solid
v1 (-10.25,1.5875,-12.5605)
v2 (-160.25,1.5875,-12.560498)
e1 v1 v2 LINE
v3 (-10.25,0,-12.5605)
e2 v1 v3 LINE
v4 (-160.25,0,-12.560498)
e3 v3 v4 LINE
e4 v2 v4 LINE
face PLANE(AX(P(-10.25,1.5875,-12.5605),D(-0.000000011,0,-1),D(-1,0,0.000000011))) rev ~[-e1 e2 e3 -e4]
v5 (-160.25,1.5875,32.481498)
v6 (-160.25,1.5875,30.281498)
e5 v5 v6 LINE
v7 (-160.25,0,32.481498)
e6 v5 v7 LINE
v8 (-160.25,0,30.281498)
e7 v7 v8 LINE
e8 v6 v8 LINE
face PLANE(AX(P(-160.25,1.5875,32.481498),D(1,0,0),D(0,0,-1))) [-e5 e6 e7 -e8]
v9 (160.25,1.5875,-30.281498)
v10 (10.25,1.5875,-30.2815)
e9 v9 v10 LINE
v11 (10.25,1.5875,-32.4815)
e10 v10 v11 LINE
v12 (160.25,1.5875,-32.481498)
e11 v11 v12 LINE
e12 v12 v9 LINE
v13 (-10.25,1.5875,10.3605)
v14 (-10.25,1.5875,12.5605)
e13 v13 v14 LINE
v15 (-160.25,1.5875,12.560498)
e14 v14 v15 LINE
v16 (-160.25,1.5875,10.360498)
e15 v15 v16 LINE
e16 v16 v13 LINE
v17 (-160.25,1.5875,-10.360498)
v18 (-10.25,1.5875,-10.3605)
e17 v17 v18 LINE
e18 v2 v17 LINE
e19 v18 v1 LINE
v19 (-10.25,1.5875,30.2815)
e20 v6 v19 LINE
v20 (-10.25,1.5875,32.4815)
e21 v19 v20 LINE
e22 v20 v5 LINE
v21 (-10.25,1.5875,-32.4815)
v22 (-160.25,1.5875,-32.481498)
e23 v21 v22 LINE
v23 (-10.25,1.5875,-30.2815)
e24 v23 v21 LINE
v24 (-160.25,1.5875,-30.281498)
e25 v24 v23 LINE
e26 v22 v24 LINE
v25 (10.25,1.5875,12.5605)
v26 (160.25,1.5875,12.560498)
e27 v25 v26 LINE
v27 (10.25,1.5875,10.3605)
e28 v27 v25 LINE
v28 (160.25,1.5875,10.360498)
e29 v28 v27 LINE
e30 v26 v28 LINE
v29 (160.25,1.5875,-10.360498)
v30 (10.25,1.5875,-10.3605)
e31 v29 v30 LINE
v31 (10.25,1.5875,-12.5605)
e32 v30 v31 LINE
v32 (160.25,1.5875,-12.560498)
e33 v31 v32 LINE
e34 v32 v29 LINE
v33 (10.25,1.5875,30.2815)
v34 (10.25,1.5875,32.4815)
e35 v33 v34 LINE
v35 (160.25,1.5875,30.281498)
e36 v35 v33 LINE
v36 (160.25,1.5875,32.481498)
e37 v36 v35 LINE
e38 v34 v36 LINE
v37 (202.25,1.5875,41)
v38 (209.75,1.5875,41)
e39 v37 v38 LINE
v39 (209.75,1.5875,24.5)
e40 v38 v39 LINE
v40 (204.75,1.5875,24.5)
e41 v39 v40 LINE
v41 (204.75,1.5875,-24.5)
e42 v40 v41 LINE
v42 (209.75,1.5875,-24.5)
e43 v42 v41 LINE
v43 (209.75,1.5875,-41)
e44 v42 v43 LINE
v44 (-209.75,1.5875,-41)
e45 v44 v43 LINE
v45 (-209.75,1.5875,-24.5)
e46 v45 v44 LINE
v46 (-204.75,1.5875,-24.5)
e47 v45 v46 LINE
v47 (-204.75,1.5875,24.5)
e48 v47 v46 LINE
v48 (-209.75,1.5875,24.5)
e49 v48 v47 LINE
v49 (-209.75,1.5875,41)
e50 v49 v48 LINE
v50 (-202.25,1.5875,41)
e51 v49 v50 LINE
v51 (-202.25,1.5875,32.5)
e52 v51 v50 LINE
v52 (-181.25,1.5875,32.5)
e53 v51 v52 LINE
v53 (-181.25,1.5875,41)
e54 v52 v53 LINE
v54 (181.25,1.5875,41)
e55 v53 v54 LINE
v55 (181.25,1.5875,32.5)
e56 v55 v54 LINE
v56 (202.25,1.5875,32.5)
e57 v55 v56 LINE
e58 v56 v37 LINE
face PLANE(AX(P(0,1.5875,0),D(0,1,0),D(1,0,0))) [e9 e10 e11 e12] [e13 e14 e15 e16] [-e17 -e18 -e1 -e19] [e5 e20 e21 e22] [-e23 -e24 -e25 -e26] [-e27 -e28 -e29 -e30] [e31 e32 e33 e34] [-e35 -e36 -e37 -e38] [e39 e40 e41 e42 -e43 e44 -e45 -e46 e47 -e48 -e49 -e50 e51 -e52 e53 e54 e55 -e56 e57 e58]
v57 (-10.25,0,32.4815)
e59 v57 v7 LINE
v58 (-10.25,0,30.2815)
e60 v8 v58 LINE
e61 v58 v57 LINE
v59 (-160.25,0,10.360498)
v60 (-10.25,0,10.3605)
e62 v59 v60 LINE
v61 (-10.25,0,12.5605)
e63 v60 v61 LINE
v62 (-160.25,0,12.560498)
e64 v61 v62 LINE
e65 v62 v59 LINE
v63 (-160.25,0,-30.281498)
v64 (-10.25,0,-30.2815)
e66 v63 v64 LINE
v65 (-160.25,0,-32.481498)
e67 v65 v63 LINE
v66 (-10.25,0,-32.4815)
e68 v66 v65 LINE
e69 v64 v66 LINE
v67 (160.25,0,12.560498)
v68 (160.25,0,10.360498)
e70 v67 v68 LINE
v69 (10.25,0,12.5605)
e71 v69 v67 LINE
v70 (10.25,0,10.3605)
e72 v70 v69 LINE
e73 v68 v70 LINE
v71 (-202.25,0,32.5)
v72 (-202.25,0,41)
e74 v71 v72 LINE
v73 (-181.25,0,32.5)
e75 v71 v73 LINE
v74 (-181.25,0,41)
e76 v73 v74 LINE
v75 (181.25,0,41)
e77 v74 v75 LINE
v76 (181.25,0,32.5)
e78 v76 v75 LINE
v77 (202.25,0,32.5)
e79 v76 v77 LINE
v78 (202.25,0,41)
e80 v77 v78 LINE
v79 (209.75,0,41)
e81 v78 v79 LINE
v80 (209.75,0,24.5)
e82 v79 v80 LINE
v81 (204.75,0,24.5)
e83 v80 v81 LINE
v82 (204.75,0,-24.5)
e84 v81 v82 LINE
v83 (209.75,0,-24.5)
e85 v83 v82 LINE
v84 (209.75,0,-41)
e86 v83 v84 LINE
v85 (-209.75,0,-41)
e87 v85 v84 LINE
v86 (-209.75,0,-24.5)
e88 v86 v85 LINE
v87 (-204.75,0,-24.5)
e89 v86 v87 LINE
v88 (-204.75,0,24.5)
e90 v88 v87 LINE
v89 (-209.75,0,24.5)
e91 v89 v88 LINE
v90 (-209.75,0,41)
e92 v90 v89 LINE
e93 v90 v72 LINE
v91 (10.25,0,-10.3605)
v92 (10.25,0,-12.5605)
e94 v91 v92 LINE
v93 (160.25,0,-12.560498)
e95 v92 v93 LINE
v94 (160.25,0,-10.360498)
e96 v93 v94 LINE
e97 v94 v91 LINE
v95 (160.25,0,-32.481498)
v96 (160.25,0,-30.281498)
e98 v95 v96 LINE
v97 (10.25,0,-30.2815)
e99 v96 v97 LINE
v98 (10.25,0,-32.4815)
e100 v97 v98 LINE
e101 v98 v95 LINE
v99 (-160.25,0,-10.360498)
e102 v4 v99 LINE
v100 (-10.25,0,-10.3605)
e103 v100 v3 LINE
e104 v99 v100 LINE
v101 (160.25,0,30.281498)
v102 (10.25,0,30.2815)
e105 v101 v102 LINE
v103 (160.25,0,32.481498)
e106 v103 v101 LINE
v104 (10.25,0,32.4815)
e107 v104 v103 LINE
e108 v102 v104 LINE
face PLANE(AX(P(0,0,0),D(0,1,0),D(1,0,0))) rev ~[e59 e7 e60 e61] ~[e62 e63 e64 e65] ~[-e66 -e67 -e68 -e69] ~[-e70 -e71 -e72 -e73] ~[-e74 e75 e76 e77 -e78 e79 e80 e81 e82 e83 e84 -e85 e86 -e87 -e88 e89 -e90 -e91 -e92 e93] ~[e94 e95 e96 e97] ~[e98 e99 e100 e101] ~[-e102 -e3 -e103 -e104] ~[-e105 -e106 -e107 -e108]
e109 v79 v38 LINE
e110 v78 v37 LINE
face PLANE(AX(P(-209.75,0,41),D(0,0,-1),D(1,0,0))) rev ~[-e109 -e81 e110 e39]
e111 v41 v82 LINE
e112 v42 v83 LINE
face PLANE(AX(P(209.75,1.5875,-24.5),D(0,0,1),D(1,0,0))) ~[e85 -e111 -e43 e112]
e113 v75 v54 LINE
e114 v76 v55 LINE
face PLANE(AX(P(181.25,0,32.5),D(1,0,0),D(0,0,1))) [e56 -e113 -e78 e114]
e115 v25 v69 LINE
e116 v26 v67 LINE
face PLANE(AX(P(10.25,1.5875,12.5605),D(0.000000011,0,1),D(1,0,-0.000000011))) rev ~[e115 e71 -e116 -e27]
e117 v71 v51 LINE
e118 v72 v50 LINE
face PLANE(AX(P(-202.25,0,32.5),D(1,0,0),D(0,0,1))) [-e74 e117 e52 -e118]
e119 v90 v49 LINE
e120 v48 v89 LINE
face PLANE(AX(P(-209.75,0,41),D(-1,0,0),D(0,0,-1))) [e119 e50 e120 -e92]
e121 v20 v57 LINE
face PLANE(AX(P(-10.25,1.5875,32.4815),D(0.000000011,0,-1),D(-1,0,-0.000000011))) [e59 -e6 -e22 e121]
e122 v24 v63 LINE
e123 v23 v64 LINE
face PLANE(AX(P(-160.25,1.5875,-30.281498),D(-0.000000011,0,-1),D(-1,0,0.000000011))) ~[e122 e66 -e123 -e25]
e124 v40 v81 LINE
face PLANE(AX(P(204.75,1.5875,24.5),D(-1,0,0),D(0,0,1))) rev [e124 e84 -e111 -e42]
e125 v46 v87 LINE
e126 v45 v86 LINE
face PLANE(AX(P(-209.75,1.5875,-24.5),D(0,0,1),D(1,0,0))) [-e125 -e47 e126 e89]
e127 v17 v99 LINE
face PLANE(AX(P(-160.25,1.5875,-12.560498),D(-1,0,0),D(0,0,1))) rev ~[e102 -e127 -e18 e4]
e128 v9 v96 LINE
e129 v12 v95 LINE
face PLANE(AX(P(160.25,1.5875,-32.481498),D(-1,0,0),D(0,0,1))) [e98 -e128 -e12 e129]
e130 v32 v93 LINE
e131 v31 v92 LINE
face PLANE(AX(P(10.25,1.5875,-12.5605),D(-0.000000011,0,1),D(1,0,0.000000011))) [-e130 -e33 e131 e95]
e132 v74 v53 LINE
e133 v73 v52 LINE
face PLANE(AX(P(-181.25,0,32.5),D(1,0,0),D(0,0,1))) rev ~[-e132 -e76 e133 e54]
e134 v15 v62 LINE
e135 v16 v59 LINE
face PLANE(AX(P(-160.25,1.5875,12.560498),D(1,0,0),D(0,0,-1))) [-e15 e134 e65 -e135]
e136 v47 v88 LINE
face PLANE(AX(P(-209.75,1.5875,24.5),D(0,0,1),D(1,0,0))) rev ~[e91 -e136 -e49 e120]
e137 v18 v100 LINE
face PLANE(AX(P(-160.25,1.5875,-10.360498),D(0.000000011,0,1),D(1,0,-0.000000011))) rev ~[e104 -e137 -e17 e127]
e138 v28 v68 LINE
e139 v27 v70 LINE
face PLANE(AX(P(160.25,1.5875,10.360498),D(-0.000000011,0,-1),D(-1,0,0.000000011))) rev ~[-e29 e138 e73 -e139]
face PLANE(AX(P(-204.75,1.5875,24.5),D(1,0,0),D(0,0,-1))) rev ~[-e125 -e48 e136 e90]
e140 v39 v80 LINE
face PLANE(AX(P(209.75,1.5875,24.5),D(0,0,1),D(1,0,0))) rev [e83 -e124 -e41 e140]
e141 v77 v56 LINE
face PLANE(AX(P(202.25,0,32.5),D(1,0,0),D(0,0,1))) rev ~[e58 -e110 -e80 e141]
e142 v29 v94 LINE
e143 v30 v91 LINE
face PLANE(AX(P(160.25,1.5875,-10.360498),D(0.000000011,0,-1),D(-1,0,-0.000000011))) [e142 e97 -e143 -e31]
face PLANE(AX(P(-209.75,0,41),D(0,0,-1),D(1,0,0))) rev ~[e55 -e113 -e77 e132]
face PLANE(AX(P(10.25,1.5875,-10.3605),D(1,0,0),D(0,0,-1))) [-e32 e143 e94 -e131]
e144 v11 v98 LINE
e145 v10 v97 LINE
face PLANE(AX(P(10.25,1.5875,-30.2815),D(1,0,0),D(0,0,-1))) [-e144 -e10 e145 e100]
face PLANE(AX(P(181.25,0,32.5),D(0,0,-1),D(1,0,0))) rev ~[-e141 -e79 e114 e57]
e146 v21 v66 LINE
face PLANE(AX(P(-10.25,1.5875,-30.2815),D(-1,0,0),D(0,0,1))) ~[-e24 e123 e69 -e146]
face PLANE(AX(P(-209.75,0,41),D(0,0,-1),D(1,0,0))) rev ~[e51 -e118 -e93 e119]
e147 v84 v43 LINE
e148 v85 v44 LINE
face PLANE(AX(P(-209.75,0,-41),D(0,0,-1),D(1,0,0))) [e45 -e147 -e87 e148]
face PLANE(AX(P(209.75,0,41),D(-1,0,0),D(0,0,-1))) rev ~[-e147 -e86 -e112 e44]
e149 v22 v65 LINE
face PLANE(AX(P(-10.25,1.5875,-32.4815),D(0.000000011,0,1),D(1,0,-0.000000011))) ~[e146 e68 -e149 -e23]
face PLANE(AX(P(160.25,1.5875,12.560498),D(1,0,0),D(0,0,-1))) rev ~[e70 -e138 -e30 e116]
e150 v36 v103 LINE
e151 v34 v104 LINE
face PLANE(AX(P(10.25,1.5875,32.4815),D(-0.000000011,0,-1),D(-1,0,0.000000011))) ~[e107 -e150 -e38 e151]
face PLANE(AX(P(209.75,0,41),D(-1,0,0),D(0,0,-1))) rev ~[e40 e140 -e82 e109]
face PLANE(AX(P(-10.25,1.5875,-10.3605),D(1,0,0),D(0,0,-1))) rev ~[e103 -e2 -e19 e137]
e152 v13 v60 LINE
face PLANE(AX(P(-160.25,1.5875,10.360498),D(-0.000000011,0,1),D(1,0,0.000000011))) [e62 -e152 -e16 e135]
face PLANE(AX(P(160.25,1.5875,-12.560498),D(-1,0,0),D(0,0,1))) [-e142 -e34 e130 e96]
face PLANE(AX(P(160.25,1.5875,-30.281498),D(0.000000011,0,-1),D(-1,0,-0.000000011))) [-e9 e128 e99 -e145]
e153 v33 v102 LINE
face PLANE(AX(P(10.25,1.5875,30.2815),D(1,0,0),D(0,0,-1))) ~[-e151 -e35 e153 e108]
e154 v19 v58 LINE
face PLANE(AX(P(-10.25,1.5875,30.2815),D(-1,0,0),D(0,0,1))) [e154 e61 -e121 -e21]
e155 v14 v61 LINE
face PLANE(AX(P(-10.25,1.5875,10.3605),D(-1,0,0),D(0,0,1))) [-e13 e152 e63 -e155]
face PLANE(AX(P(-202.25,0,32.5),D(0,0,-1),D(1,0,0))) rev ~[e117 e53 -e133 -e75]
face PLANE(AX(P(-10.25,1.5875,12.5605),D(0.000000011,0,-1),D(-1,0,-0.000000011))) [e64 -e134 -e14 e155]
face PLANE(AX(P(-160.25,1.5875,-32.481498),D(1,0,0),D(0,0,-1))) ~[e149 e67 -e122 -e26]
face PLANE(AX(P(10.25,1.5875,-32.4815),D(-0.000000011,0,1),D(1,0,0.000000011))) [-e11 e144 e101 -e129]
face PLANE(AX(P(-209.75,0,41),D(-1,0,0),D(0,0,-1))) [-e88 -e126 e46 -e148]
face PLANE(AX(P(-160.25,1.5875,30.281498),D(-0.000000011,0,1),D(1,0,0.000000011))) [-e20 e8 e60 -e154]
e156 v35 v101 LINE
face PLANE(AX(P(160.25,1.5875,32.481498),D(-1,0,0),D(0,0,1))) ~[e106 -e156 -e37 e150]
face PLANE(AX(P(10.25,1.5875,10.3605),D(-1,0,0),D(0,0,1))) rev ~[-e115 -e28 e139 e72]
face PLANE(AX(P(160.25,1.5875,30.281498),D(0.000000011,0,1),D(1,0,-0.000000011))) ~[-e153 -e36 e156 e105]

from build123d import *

# Parameters (mm, degrees)
ESQUISSE1_W                = 419.5
ESQUISSE1_H                = 82
BOSS_EXTRU_1_DEPTH         = 1.5875
ESQUISSE2_W                = 5
ESQUISSE2_H                = 49
ENL_V_MAT_EXTRU_1_DEPTH    = 214.72548434
ENL_V_MAT_EXTRU_2_DEPTH    = 214.72548434
R_P_TITION_LIN_AIRE1_COUNT = 2
R_P_TITION_LIN_AIRE1_PITCH = 19.921
SYM_TRIE5_COPY_1_DEPTH     = 214.72548434
ENL_V_MAT_EXTRU_3_REACH    = 215.725
ESQUISSE5_W                = 21
ESQUISSE5_H                = 8.5
SYM_TRIE6_COPY_1_DEPTH     = 214.72548434
SYM_TRIE6_COPY_2_DEPTH     = 214.72548434
SYM_TRIE6_COPY_3_DEPTH     = 214.72548434


with BuildPart() as part:
    # Esquisse1 → Boss.-Extru.1 (new body)
    with BuildSketch(Plane(origin=(0, 0, 0), x_dir=(1, 0, 0), z_dir=(0, 1, 0))):
        Rectangle(ESQUISSE1_W, ESQUISSE1_H)
    extrude(amount=BOSS_EXTRU_1_DEPTH)

    # Esquisse2 → Enlèv. mat.-Extru.1 (cut, through all)
    with BuildSketch(Plane(origin=(0, 1.5875, 0), x_dir=(1, 0, 0), z_dir=(0, 1, 0))):
        with Locations((-207.25, 0)):
            Rectangle(ESQUISSE2_W, ESQUISSE2_H)
    enl_v_mat_extru_1 = extrude(amount=-ENL_V_MAT_EXTRU_1_DEPTH, mode=Mode.SUBTRACT)

    # Symétrie1: Enlèv. mat.-Extru.1 across plane
    add(enl_v_mat_extru_1.mirror(Plane(origin=(0, 0, 0), x_dir=(0, 0, 1), z_dir=(1, 0, 0))), mode=Mode.SUBTRACT)

    # Esquisse3 → Enlèv. mat.-Extru.2 (cut, through all)
    with BuildSketch(Plane(origin=(0, 1.5875, 0), x_dir=(1, 0, 0), z_dir=(0, 1, 0))):
        Polygon((10.25, 32.4815), (160.25, 32.481498288), (160.25, 30.281498288), (10.25, 30.2815), align=None)
    enl_v_mat_extru_2 = extrude(amount=-ENL_V_MAT_EXTRU_2_DEPTH, mode=Mode.SUBTRACT)

    # Répétition linéaire1: Enlèv. mat.-Extru.2 ×2
    with Locations(*[(0, 0, i * R_P_TITION_LIN_AIRE1_PITCH) for i in range(1, R_P_TITION_LIN_AIRE1_COUNT)]):
        add(enl_v_mat_extru_2, mode=Mode.SUBTRACT)

    # Symétrie5: Enlèv. mat.-Extru.2 across plane
    add(enl_v_mat_extru_2.mirror(Plane(origin=(0, 0, 0), x_dir=(0, 0, 1), z_dir=(1, 0, 0))), mode=Mode.SUBTRACT)

    # Symétrie5 copy 1 sketch → Symétrie5 copy 1 (cut, through all)
    with BuildSketch(Plane(origin=(0, 1.5875, 19.921), x_dir=(-1, 0, 0), z_dir=(0, 1, 0))):
        Polygon((10.25, -32.4815), (160.25, -32.481498288), (160.25, -30.281498288), (10.25, -30.2815), align=None)
    extrude(amount=-SYM_TRIE5_COPY_1_DEPTH, mode=Mode.SUBTRACT)

    # Esquisse5 → Enlèv. mat.-Extru.3 (cut, up to next)
    with BuildSketch(Plane.XZ, mode=Mode.PRIVATE) as enl_v_mat_extru_3_sk1:
        with Locations((191.75, 36.75)):
            Rectangle(ESQUISSE5_W, ESQUISSE5_H)
    enl_v_mat_extru_3_tool1 = extrude(enl_v_mat_extru_3_sk1.sketch, amount=-ENL_V_MAT_EXTRU_3_REACH, mode=Mode.PRIVATE) & part.part
    # Esquisse5 → Enlèv. mat.-Extru.3 (cut, up to next)
    with BuildSketch(Plane.XZ, mode=Mode.PRIVATE) as enl_v_mat_extru_3_sk2:
        with Locations((-191.75, 36.75)):
            Rectangle(ESQUISSE5_W, ESQUISSE5_H)
    enl_v_mat_extru_3_tool2 = extrude(enl_v_mat_extru_3_sk2.sketch, amount=-ENL_V_MAT_EXTRU_3_REACH, mode=Mode.PRIVATE) & part.part
    add(enl_v_mat_extru_3_tool1.solids().sort_by_distance((191.75, 0, 36.75))[0], mode=Mode.SUBTRACT)
    add(enl_v_mat_extru_3_tool2.solids().sort_by_distance((-191.75, 0, 36.75))[0], mode=Mode.SUBTRACT)

    # Symétrie6: Enlèv. mat.-Extru.2 across plane
    add(enl_v_mat_extru_2.mirror(Plane.XY), mode=Mode.SUBTRACT)

    # Symétrie6 copy 1 sketch → Symétrie6 copy 1 (cut, through all)
    with BuildSketch(Plane(origin=(0, 1.5875, -19.921), x_dir=(1, 0, 0), z_dir=(0, 1, 0))):
        Polygon((10.25, -32.4815), (160.25, -32.481498288), (160.25, -30.281498288), (10.25, -30.2815), align=None)
    extrude(amount=-SYM_TRIE6_COPY_1_DEPTH, mode=Mode.SUBTRACT)

    # Symétrie6 copy 2 sketch → Symétrie6 copy 2 (cut, through all)
    with BuildSketch(Plane(origin=(0, 1.5875, 0), x_dir=(-1, 0, 0), z_dir=(0, 1, 0))):
        Polygon((10.25, 32.4815), (160.25, 32.481498288), (160.25, 30.281498288), (10.25, 30.2815), align=None)
    extrude(amount=-SYM_TRIE6_COPY_2_DEPTH, mode=Mode.SUBTRACT)

    # Symétrie6 copy 3 sketch → Symétrie6 copy 3 (cut, through all)
    with BuildSketch(Plane(origin=(0, 1.5875, -19.921), x_dir=(-1, 0, 0), z_dir=(0, 1, 0))):
        Polygon((10.25, 32.4815), (160.25, 32.481498288), (160.25, 30.281498288), (10.25, 30.2815), align=None)
    extrude(amount=-SYM_TRIE6_COPY_3_DEPTH, mode=Mode.SUBTRACT)


solid = part.part
